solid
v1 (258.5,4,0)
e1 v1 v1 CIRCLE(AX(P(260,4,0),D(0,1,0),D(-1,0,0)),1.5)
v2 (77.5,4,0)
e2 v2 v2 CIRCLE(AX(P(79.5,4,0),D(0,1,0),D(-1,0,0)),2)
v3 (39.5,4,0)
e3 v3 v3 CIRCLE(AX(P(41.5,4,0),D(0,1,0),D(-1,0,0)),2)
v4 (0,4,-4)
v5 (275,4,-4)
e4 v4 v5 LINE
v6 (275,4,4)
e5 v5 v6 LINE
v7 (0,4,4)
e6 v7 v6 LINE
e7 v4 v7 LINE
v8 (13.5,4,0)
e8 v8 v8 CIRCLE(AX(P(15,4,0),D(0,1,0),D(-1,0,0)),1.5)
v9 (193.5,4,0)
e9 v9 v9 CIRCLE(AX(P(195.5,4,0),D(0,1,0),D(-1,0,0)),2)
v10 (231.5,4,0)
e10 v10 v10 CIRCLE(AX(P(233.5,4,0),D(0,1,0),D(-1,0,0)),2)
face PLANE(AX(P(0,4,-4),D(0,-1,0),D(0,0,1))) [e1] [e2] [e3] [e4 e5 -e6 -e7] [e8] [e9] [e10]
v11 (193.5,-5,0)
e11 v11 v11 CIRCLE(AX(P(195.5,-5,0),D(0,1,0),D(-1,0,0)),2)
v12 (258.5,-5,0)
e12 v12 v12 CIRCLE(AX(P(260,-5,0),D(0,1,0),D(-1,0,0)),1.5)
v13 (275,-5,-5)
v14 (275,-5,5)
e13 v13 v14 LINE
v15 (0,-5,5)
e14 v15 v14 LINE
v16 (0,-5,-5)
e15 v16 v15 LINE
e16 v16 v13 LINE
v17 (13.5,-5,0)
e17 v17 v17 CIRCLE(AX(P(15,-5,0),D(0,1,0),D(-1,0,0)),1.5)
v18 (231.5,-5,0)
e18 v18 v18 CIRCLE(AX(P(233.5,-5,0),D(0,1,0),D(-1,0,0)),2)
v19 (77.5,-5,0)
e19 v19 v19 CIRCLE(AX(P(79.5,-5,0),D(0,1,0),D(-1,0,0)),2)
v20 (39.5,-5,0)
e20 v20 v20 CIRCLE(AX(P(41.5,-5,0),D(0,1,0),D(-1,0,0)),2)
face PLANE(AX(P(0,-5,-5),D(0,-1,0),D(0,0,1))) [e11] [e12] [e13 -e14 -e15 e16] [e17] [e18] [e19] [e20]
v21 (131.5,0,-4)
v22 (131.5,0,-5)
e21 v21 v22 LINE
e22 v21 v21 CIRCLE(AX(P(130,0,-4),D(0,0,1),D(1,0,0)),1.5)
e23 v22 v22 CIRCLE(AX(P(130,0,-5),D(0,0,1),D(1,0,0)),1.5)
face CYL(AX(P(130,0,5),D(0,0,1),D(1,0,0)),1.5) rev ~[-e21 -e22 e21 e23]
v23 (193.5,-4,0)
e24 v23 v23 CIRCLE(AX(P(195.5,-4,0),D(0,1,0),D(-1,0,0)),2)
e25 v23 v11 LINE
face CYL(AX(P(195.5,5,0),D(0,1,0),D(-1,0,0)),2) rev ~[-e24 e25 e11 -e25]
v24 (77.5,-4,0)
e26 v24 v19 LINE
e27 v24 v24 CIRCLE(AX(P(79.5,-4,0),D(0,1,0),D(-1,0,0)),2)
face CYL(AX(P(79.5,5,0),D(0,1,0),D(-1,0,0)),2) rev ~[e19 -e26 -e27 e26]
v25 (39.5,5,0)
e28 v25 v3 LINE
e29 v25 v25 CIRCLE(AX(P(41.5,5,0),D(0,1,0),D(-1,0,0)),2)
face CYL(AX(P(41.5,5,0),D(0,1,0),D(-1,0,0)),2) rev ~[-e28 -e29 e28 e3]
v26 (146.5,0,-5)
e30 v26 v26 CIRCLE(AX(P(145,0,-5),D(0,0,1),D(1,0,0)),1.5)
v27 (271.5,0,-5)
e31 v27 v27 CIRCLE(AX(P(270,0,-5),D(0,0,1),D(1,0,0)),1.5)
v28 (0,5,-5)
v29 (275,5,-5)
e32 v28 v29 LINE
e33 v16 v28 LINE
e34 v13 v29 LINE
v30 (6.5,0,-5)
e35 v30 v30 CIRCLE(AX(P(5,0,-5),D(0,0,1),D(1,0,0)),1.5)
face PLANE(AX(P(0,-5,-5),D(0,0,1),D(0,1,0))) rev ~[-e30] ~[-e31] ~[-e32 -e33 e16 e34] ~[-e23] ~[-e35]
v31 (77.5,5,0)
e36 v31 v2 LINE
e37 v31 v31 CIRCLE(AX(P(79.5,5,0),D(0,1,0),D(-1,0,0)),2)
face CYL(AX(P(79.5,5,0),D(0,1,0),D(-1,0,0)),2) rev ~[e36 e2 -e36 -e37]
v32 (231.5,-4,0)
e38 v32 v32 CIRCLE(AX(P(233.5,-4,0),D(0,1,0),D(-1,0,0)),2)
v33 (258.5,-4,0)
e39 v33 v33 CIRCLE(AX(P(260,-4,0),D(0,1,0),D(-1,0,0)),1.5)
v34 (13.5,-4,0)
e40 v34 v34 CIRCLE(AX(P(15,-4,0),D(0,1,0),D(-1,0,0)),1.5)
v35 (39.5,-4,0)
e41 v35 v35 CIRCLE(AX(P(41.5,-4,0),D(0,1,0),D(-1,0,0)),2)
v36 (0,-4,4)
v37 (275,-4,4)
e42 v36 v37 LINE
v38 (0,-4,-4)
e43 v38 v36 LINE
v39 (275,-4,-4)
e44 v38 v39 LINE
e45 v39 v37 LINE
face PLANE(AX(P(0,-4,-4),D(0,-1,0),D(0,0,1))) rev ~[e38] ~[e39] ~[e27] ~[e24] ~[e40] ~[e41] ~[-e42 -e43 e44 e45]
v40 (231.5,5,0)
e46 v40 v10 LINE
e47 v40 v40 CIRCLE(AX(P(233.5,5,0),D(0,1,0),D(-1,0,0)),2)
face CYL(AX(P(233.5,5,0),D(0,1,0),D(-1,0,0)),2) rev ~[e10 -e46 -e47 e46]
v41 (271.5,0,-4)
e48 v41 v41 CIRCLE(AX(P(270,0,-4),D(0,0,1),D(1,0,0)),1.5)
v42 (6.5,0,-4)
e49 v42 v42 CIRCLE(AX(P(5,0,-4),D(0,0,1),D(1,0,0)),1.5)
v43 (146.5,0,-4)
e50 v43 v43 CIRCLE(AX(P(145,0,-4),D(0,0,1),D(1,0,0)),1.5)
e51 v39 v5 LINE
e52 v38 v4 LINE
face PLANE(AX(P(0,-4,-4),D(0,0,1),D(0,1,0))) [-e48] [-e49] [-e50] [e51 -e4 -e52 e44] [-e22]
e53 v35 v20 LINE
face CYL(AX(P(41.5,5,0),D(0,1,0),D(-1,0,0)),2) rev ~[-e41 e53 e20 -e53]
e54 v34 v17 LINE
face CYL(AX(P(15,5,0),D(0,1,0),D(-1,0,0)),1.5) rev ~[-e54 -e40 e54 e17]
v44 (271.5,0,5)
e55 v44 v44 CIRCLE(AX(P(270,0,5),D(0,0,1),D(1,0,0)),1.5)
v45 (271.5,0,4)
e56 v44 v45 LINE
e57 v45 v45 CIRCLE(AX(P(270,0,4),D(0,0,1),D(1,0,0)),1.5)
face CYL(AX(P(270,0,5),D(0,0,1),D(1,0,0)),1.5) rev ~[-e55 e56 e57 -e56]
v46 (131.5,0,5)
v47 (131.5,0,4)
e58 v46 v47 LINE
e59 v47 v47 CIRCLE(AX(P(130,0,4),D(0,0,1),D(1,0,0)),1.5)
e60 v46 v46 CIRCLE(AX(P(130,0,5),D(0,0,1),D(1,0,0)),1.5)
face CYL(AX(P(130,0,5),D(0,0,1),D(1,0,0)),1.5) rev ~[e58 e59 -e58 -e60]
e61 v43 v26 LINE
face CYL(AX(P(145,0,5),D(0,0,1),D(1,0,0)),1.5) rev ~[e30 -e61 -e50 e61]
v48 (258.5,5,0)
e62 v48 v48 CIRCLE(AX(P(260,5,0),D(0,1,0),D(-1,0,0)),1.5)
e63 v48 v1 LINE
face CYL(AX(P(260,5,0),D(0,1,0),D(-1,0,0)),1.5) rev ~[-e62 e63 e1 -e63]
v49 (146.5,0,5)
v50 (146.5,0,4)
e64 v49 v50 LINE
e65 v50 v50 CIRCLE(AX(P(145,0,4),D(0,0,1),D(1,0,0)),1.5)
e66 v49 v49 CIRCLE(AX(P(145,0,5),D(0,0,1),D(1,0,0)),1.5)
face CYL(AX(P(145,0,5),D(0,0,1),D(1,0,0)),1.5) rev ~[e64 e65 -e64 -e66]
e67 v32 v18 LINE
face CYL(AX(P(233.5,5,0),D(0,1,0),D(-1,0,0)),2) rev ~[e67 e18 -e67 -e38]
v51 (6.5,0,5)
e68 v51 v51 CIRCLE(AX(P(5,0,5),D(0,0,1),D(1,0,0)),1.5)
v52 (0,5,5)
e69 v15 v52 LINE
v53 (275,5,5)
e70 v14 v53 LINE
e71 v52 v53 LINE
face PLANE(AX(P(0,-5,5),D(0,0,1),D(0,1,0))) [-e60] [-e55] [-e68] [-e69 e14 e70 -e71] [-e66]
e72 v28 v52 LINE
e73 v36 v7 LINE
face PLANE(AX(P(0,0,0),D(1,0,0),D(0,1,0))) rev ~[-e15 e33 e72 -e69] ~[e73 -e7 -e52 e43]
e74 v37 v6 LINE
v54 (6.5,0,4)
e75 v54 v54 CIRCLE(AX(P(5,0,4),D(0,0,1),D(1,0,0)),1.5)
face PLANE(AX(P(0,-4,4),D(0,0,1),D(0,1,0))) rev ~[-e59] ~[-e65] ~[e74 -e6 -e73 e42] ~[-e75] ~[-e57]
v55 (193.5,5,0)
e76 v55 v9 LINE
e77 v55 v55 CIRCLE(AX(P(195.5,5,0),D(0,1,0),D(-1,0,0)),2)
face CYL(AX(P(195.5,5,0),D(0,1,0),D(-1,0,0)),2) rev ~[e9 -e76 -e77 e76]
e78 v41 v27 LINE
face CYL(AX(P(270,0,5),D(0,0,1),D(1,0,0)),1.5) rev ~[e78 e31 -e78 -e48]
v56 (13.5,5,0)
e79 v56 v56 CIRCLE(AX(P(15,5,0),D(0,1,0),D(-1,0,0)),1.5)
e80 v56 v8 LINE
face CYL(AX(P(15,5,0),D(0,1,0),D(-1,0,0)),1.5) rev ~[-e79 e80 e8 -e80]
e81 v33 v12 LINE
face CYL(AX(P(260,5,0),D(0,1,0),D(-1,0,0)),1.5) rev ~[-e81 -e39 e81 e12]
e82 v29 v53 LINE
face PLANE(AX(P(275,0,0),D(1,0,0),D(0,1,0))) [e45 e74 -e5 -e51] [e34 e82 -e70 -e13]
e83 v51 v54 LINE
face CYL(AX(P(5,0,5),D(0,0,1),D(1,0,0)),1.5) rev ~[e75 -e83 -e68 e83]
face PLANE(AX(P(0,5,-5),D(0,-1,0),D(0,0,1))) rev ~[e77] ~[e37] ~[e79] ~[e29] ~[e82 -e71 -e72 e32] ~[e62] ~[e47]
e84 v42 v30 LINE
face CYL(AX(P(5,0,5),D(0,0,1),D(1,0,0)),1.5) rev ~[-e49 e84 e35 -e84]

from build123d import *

# Parameters (mm, degrees)
F0_W     = 10
F0_H     = 10
F0_W_2   = 8
F0_H_2   = 8
F1_DEPTH = 275
F2_R     = 1.5
F3_DEPTH = 25
F4_R     = 2
F4_R_2   = 1.5
F5_DEPTH = 25


with BuildPart() as f1:
    # F0 (on Right) → F1 (new body)
    with BuildSketch(Plane.YZ):
        Rectangle(F0_W, F0_H)
        Rectangle(F0_W_2, F0_H_2, mode=Mode.SUBTRACT)
    extrude(amount=F1_DEPTH)

    # F2 (on face) → F3 (cut)
    with BuildSketch(Plane.XY.offset(5)):
        with Locations((130, 0)):
            Circle(F2_R)
        with Locations((5, 0)):
            Circle(F2_R)
        with Locations((145, 0)):
            Circle(F2_R)
        with Locations((270, 0)):
            Circle(F2_R)
    extrude(amount=-F3_DEPTH, mode=Mode.SUBTRACT)

    # F4 (on face) → F5 (cut)
    with BuildSketch(Plane(origin=(0, 5, 0), x_dir=(-1, 0, 0), z_dir=(0, 1, 0))):
        with Locations((-233.5, 0)):
            Circle(F4_R)
        with Locations((-195.5, 0)):
            Circle(F4_R)
        with Locations((-79.5, 0)):
            Circle(F4_R)
        with Locations((-41.5, 0)):
            Circle(F4_R)
        with Locations((-260, 0)):
            Circle(F4_R_2)
        with Locations((-15, 0)):
            Circle(F4_R_2)
    extrude(amount=-F5_DEPTH, mode=Mode.SUBTRACT)


solid = f1.part
